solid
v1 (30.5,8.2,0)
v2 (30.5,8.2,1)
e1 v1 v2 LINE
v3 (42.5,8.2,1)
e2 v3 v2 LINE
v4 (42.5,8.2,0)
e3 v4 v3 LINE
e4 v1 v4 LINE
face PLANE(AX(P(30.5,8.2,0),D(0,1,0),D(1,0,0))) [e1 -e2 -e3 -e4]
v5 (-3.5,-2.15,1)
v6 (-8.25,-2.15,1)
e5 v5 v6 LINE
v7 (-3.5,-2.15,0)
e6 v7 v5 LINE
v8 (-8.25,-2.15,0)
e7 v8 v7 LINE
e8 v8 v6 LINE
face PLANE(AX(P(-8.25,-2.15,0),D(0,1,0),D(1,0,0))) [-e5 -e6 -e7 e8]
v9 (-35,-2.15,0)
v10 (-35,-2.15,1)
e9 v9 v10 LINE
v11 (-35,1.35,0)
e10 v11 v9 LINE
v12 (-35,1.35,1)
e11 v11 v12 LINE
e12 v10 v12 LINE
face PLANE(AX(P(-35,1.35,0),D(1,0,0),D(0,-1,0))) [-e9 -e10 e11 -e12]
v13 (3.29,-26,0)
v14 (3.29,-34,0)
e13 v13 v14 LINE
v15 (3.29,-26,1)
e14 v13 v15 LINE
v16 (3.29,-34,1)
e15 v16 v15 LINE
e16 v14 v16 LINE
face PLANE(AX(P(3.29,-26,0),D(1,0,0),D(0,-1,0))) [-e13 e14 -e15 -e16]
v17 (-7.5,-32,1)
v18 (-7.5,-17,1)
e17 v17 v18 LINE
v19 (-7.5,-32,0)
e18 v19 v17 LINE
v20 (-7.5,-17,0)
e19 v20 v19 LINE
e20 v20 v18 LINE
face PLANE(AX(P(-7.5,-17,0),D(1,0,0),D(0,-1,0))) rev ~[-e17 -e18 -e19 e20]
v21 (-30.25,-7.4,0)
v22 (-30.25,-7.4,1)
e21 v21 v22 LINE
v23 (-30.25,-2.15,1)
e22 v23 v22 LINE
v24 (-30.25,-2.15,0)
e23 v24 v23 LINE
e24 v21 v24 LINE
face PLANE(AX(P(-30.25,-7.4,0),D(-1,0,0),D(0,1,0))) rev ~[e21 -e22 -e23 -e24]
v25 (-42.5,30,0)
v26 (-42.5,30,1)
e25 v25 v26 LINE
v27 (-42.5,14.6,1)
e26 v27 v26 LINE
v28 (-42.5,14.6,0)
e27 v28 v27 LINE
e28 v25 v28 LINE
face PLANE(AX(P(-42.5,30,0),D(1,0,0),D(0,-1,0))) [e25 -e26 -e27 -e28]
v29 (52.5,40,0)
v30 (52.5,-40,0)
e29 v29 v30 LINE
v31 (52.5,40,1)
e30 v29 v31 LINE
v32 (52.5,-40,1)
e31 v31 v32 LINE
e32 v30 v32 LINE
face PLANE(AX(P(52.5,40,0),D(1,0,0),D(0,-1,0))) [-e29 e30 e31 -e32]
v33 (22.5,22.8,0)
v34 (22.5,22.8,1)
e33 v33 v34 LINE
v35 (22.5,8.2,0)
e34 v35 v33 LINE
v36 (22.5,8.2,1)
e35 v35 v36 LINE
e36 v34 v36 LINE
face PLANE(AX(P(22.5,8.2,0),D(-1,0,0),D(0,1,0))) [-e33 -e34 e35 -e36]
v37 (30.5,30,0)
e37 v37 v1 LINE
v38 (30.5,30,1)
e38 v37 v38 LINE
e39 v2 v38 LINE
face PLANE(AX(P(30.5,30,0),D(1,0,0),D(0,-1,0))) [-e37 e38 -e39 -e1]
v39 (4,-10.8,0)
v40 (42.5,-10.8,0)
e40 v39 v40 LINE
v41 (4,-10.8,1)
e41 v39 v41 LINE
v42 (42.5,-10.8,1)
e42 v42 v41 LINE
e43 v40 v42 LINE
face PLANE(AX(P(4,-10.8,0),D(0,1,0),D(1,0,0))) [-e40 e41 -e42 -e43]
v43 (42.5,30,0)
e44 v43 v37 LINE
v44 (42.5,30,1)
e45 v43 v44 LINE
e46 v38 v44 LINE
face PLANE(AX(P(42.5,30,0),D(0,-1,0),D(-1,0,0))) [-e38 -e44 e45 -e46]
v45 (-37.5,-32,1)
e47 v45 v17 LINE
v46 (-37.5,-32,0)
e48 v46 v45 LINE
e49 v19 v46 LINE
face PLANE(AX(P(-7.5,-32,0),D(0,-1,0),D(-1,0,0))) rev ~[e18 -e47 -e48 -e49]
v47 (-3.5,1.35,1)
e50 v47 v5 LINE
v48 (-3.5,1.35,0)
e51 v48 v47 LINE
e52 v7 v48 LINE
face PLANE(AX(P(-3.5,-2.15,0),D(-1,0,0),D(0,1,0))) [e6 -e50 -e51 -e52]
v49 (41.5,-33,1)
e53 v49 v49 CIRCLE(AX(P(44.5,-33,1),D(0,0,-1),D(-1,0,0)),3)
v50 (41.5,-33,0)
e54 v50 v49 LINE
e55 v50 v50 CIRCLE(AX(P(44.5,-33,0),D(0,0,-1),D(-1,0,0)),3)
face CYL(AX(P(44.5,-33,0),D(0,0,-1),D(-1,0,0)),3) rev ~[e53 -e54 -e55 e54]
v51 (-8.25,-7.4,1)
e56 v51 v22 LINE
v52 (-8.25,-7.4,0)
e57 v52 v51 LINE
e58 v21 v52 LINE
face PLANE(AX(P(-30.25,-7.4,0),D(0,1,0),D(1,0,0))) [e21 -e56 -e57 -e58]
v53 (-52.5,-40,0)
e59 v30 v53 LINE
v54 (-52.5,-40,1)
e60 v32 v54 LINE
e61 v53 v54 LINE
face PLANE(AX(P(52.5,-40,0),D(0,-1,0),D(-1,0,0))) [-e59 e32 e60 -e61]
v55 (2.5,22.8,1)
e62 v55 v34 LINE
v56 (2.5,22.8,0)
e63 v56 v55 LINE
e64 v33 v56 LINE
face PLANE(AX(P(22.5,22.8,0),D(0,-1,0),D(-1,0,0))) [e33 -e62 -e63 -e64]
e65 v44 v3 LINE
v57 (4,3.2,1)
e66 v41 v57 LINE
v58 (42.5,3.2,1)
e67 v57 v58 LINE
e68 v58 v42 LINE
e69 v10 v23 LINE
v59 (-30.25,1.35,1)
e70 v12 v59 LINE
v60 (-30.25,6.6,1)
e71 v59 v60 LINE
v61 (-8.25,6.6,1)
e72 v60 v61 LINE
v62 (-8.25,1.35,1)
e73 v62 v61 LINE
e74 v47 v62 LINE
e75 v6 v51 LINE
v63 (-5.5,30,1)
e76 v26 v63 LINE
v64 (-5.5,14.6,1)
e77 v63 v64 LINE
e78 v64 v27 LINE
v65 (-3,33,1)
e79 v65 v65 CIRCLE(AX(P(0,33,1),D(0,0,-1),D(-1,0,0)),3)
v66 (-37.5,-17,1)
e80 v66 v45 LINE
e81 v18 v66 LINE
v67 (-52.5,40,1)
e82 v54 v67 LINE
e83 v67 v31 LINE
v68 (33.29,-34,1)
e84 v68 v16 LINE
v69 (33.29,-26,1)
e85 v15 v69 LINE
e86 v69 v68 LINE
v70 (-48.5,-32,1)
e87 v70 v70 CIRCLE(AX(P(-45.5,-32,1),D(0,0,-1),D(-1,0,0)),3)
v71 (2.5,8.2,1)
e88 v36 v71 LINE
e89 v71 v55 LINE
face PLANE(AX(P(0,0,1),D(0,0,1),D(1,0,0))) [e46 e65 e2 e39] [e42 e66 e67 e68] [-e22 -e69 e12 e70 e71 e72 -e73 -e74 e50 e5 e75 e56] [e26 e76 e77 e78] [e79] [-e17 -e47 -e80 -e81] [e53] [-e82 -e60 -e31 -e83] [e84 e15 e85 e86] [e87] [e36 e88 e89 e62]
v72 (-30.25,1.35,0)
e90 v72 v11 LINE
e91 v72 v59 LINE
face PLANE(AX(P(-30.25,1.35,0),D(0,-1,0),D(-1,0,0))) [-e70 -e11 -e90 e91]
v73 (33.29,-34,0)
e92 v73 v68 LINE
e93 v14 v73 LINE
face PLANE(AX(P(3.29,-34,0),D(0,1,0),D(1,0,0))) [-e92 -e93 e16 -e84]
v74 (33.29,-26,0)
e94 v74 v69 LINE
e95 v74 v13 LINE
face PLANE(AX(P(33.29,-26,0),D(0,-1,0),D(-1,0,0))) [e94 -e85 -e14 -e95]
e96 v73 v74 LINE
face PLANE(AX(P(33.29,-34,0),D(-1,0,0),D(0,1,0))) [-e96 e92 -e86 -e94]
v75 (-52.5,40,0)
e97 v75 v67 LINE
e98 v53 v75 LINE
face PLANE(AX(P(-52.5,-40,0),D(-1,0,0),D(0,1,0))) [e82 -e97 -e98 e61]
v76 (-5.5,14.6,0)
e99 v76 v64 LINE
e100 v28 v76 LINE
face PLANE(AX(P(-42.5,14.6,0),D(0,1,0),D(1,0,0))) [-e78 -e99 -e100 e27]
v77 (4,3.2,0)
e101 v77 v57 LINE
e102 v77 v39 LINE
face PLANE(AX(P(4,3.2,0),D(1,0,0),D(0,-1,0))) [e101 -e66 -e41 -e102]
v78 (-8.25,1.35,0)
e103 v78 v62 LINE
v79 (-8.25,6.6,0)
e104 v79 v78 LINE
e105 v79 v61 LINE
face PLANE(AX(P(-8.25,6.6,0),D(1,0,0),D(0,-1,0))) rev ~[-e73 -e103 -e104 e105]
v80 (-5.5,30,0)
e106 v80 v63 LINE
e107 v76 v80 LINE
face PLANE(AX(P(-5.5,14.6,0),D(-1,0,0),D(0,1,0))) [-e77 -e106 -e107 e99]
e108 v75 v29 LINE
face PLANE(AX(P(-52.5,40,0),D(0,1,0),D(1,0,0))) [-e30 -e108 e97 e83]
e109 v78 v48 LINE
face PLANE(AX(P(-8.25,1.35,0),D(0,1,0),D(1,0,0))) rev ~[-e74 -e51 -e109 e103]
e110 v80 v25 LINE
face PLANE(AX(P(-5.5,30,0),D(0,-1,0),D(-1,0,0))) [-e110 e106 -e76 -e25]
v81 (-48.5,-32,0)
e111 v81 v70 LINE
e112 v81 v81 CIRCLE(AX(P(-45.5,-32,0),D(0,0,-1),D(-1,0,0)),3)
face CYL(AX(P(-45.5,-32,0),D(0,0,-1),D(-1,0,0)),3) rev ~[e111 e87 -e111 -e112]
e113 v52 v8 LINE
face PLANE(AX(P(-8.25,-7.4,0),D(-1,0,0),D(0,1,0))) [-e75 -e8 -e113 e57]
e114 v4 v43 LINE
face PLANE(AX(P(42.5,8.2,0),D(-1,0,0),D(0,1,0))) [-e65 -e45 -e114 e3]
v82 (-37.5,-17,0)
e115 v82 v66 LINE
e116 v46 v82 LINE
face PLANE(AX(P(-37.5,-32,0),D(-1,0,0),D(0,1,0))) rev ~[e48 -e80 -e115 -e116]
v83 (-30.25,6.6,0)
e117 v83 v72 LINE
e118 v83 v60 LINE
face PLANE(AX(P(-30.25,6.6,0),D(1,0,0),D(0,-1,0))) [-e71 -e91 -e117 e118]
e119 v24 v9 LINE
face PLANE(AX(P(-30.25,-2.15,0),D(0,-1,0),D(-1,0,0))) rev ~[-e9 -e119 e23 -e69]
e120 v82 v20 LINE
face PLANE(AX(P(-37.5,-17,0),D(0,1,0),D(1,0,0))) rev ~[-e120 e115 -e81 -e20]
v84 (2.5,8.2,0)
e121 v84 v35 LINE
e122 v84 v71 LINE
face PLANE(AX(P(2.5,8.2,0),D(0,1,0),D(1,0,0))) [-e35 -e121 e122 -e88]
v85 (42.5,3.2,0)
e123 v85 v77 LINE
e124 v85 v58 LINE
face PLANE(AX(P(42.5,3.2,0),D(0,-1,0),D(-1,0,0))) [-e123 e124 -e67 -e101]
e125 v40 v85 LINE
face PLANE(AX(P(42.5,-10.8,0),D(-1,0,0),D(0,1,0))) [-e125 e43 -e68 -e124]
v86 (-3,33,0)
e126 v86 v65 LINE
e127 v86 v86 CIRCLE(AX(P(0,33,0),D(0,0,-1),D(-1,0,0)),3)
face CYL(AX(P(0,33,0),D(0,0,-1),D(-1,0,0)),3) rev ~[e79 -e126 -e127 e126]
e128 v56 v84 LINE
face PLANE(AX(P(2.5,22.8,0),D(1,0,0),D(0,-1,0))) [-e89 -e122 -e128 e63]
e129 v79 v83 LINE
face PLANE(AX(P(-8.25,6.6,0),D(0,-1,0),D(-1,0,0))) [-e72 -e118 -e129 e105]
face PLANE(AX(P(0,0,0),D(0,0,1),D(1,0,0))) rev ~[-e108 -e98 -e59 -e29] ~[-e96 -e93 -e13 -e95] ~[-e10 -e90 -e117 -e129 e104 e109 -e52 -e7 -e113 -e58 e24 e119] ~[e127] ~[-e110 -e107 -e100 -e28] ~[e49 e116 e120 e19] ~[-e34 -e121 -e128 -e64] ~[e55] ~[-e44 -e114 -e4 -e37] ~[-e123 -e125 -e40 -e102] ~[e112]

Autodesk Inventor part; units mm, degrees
ref_plane "YZ Plane" through (0, 0, 0) normal (1, 0, 0) x (0, 1, 0)
ref_plane "XZ Plane" through (0, 0, 0) normal (0, 1, 0) x (-1, 0, 0)
ref_plane "XY Plane" through (0, 0, 0) normal (0, 0, 1) x (1, 0, 0)
sketch "Sketch1" plane through (0, 0, 0) normal (0, 0, 1) x (1, 0, 0)
  line L0 (-52.5, 40) -> (52.5, 40)
  line L1 (52.5, 40) -> (52.5, -40)
  line L2 (52.5, -40) -> (-52.5, -40)
  line L3 (-52.5, -40) -> (-52.5, 40)
  line L4 (-52.5, 40) -> (52.5, -40) construction
  line L5 (52.5, 40) -> (-52.5, -40) construction
  point P0 (0, 0)
  dimension "d0" = 80
  dimension "d1" = 105
extrude "Plate1" add sketch "Sketch1" along normal blind 1
sketch "Sketch3" plane through (0, 0, 0) normal (0, 0, -1) x (-1, 0, 0)
  line L0 (-42.5, 3.2) -> (-4, 3.2)
  line L1 (-4, 3.2) -> (-4, -10.8)
  line L2 (-4, -10.8) -> (-42.5, -10.8)
  line L3 (-42.5, -10.8) -> (-42.5, 3.2)
  line L4 (-42.5, 3.2) -> (-4, -10.8) construction
  line L5 (-4, 3.2) -> (-42.5, -10.8) construction
  line L6 (8.25, 6.6) -> (30.25, 6.6)
  line L7 (35, 1.35) -> (35, -2.15)
  line L8 (30.25, -7.4) -> (8.25, -7.4)
  line L9 (3.5, -2.15) -> (3.5, 1.35)
  line L10 (0.2073, 10) -> (38.2927, -10.8) construction
  line L11 (35, 6.6) -> (3.5, -7.4) construction
  line L12 (-2.5, 8.2) -> (-22.5, 8.2)
  line L13 (-22.5, 8.2) -> (-22.5, 22.8)
  line L14 (-22.5, 22.8) -> (-2.5, 22.8)
  line L15 (-2.5, 22.8) -> (-2.5, 8.2)
  line L16 (-2.5, 8.2) -> (-22.5, 22.8) construction
  line L17 (-22.5, 8.2) -> (-2.5, 22.8) construction
  line L18 (-3.29, -34) -> (-33.29, -34)
  line L19 (-33.29, -34) -> (-33.29, -26)
  line L20 (-33.29, -26) -> (-3.29, -26)
  line L21 (-3.29, -26) -> (-3.29, -34)
  line L22 (-3.29, -34) -> (-33.29, -26) construction
  line L23 (-33.29, -34) -> (-3.29, -26) construction
  line L24 (52.5, 40) -> (-52.5, 40) projected
  line L25 (52.5, -40) -> (52.5, 40) projected
  line L26 (30.25, -7.4) -> (30.25, -2.15)
  line L27 (30.25, -2.15) -> (35, -2.15)
  line L28 (30.25, 6.6) -> (30.25, 1.35)
  line L29 (30.25, 1.35) -> (35, 1.35)
  line L30 (8.25, -7.4) -> (8.25, -2.15)
  line L31 (8.25, -2.15) -> (3.5, -2.15)
  line L32 (8.25, 6.6) -> (8.25, 1.35)
  line L33 (8.25, 1.35) -> (3.5, 1.35)
  line L34 (-52.5, 40) -> (-52.5, -40) projected
  line L35 (-42.5, 30) -> (-30.5, 30)
  line L36 (-30.5, 30) -> (-30.5, 8.2)
  line L37 (-30.5, 8.2) -> (-42.5, 8.2)
  line L38 (-42.5, 8.2) -> (-42.5, 30)
  line L39 (7.5, -32) -> (37.5, -32)
  line L40 (37.5, -32) -> (37.5, -17)
  line L41 (37.5, -17) -> (7.5, -17)
  line L42 (7.5, -17) -> (7.5, -32)
  line L43 (-52.5, -40) -> (52.5, -40) projected
  point P0 (0, 0)
  point P1 (-23.25, -3.8)
  point P2 (19.25, -0.4)
  point P3 (-12.5, 15.5)
  point P4 (-18.29, -30)
  dimension "d14" = 14
  dimension "d17" = 7.5
  dimension "d22" = 20
  dimension "d24" = 14.6
  dimension "d37" = 8
  dimension "d40" = 30
  dimension "d46" = 17.2
  dimension "d47" = 55
  dimension "d48" = 17.5
  dimension "d49" = 33.4
  dimension "d50" = 66
  dimension "d65" = 14
  dimension "d66" = 31.5
  dimension "d67" = 3.5
  dimension "d68" = 22
  dimension "d69" = 5
  dimension "d70" = 10
  dimension "d71" = 10
  dimension "d72" = 10
  dimension "d73" = 8
  dimension "d74" = 5
  dimension "d75" = 19.21
  dimension "d76" = 15
  dimension "d77" = 8
  dimension "d78" = 15
  dimension "d79" = 30
extrude "Extrusion1" cut sketch "Sketch3" against normal blind 10 contours L0 L1 L2 L3 | L6 L28 L29 L7 L27 L26 L8 L30 L31 L9 L33 L32 | L12 L13 L14 L15 | L18 L19 L20 L21 | L35 L36 L37 L38 | L42 L41 L40 L39
sketch "Sketch5" plane through (0, 0, 0) normal (0, 0, -1) x (-1, 0, 0)
  line L0 (42.5, 14.6) -> (5.5, 14.6)
  line L1 (5.5, 14.6) -> (5.5, 30)
  line L2 (5.5, 30) -> (42.5, 30)
  line L3 (42.5, 30) -> (42.5, 14.6)
  line L4 (42.5, 14.6) -> (5.5, 30) construction
  line L5 (5.5, 14.6) -> (42.5, 30) construction
  line L6 (8.25, 6.6) -> (30.25, 6.6) projected
  line L7 (-2.5, 22.8) -> (-2.5, 8.2) projected
  line L8 (-4, -10.8) -> (-42.5, -10.8) projected
  line L9 (52.5, 40) -> (-52.5, 40) projected
  line L10 (52.5, -40) -> (52.5, 40) projected
  point P0 (0, 0)
  point P1 (24, 22.3)
  point P2 (3.5, 1.6)
  point P3 (35, 1.6)
  point P4 (24, 14.6)
  dimension "d27" = 8
  dimension "d28" = 8
  dimension "d52" = 10
  dimension "d53" = 10
extrude "Extrusion2" cut sketch "Sketch5" against normal blind 10
sketch "Sketch7" plane through (0, 0, 0) normal (0, 0, -1) x (-1, 0, 0)
  point P0 (0, 0)
sketch "Sketch8" plane through (0, 0, 0) normal (0, 0, -1) x (-1, 0, 0)
  circle A0 centre (45.5, -32) radius 3
  circle A1 centre (-44.5, -33) radius 3
  circle A2 centre (0, 33) radius 3
  line L0 (52.5, -40) -> (52.5, 40) projected
  line L1 (-52.5, -40) -> (52.5, -40) projected
  line L2 (-52.5, 40) -> (-52.5, -40) projected
  line L3 (52.5, 40) -> (-52.5, 40) projected
  point P0 (0, 0)
  dimension "d54" = 6
  dimension "d55" = 6
  dimension "d56" = 6
  dimension "d57" = 7
  dimension "d58" = 8
  dimension "d60" = 8
  dimension "d61" = 7
  dimension "d62" = 7
extrude "Extrusion3" cut sketch "Sketch8" against normal blind 10 contours A0 | A1 | A2
equation "\"d2\" = 厚度"
equation "\"折彎半徑\" = 厚度"
equation "\"最小剩餘\" = 2 * 厚度"
equation "\"轉移半徑\" = 折彎半徑"
equation "\"間隙大小\" = 厚度"
equation "\"折彎離隙寬度\" = 厚度"
equation "\"折彎離隙深度\" = 0.5 * 厚度"
equation "\"轉角離隙大小\" = 4 * 厚度"
equation "\"Jacobi半徑大小\" = 折彎半徑"
equation "\"厚度\" = 1"
properties part number "cap"
